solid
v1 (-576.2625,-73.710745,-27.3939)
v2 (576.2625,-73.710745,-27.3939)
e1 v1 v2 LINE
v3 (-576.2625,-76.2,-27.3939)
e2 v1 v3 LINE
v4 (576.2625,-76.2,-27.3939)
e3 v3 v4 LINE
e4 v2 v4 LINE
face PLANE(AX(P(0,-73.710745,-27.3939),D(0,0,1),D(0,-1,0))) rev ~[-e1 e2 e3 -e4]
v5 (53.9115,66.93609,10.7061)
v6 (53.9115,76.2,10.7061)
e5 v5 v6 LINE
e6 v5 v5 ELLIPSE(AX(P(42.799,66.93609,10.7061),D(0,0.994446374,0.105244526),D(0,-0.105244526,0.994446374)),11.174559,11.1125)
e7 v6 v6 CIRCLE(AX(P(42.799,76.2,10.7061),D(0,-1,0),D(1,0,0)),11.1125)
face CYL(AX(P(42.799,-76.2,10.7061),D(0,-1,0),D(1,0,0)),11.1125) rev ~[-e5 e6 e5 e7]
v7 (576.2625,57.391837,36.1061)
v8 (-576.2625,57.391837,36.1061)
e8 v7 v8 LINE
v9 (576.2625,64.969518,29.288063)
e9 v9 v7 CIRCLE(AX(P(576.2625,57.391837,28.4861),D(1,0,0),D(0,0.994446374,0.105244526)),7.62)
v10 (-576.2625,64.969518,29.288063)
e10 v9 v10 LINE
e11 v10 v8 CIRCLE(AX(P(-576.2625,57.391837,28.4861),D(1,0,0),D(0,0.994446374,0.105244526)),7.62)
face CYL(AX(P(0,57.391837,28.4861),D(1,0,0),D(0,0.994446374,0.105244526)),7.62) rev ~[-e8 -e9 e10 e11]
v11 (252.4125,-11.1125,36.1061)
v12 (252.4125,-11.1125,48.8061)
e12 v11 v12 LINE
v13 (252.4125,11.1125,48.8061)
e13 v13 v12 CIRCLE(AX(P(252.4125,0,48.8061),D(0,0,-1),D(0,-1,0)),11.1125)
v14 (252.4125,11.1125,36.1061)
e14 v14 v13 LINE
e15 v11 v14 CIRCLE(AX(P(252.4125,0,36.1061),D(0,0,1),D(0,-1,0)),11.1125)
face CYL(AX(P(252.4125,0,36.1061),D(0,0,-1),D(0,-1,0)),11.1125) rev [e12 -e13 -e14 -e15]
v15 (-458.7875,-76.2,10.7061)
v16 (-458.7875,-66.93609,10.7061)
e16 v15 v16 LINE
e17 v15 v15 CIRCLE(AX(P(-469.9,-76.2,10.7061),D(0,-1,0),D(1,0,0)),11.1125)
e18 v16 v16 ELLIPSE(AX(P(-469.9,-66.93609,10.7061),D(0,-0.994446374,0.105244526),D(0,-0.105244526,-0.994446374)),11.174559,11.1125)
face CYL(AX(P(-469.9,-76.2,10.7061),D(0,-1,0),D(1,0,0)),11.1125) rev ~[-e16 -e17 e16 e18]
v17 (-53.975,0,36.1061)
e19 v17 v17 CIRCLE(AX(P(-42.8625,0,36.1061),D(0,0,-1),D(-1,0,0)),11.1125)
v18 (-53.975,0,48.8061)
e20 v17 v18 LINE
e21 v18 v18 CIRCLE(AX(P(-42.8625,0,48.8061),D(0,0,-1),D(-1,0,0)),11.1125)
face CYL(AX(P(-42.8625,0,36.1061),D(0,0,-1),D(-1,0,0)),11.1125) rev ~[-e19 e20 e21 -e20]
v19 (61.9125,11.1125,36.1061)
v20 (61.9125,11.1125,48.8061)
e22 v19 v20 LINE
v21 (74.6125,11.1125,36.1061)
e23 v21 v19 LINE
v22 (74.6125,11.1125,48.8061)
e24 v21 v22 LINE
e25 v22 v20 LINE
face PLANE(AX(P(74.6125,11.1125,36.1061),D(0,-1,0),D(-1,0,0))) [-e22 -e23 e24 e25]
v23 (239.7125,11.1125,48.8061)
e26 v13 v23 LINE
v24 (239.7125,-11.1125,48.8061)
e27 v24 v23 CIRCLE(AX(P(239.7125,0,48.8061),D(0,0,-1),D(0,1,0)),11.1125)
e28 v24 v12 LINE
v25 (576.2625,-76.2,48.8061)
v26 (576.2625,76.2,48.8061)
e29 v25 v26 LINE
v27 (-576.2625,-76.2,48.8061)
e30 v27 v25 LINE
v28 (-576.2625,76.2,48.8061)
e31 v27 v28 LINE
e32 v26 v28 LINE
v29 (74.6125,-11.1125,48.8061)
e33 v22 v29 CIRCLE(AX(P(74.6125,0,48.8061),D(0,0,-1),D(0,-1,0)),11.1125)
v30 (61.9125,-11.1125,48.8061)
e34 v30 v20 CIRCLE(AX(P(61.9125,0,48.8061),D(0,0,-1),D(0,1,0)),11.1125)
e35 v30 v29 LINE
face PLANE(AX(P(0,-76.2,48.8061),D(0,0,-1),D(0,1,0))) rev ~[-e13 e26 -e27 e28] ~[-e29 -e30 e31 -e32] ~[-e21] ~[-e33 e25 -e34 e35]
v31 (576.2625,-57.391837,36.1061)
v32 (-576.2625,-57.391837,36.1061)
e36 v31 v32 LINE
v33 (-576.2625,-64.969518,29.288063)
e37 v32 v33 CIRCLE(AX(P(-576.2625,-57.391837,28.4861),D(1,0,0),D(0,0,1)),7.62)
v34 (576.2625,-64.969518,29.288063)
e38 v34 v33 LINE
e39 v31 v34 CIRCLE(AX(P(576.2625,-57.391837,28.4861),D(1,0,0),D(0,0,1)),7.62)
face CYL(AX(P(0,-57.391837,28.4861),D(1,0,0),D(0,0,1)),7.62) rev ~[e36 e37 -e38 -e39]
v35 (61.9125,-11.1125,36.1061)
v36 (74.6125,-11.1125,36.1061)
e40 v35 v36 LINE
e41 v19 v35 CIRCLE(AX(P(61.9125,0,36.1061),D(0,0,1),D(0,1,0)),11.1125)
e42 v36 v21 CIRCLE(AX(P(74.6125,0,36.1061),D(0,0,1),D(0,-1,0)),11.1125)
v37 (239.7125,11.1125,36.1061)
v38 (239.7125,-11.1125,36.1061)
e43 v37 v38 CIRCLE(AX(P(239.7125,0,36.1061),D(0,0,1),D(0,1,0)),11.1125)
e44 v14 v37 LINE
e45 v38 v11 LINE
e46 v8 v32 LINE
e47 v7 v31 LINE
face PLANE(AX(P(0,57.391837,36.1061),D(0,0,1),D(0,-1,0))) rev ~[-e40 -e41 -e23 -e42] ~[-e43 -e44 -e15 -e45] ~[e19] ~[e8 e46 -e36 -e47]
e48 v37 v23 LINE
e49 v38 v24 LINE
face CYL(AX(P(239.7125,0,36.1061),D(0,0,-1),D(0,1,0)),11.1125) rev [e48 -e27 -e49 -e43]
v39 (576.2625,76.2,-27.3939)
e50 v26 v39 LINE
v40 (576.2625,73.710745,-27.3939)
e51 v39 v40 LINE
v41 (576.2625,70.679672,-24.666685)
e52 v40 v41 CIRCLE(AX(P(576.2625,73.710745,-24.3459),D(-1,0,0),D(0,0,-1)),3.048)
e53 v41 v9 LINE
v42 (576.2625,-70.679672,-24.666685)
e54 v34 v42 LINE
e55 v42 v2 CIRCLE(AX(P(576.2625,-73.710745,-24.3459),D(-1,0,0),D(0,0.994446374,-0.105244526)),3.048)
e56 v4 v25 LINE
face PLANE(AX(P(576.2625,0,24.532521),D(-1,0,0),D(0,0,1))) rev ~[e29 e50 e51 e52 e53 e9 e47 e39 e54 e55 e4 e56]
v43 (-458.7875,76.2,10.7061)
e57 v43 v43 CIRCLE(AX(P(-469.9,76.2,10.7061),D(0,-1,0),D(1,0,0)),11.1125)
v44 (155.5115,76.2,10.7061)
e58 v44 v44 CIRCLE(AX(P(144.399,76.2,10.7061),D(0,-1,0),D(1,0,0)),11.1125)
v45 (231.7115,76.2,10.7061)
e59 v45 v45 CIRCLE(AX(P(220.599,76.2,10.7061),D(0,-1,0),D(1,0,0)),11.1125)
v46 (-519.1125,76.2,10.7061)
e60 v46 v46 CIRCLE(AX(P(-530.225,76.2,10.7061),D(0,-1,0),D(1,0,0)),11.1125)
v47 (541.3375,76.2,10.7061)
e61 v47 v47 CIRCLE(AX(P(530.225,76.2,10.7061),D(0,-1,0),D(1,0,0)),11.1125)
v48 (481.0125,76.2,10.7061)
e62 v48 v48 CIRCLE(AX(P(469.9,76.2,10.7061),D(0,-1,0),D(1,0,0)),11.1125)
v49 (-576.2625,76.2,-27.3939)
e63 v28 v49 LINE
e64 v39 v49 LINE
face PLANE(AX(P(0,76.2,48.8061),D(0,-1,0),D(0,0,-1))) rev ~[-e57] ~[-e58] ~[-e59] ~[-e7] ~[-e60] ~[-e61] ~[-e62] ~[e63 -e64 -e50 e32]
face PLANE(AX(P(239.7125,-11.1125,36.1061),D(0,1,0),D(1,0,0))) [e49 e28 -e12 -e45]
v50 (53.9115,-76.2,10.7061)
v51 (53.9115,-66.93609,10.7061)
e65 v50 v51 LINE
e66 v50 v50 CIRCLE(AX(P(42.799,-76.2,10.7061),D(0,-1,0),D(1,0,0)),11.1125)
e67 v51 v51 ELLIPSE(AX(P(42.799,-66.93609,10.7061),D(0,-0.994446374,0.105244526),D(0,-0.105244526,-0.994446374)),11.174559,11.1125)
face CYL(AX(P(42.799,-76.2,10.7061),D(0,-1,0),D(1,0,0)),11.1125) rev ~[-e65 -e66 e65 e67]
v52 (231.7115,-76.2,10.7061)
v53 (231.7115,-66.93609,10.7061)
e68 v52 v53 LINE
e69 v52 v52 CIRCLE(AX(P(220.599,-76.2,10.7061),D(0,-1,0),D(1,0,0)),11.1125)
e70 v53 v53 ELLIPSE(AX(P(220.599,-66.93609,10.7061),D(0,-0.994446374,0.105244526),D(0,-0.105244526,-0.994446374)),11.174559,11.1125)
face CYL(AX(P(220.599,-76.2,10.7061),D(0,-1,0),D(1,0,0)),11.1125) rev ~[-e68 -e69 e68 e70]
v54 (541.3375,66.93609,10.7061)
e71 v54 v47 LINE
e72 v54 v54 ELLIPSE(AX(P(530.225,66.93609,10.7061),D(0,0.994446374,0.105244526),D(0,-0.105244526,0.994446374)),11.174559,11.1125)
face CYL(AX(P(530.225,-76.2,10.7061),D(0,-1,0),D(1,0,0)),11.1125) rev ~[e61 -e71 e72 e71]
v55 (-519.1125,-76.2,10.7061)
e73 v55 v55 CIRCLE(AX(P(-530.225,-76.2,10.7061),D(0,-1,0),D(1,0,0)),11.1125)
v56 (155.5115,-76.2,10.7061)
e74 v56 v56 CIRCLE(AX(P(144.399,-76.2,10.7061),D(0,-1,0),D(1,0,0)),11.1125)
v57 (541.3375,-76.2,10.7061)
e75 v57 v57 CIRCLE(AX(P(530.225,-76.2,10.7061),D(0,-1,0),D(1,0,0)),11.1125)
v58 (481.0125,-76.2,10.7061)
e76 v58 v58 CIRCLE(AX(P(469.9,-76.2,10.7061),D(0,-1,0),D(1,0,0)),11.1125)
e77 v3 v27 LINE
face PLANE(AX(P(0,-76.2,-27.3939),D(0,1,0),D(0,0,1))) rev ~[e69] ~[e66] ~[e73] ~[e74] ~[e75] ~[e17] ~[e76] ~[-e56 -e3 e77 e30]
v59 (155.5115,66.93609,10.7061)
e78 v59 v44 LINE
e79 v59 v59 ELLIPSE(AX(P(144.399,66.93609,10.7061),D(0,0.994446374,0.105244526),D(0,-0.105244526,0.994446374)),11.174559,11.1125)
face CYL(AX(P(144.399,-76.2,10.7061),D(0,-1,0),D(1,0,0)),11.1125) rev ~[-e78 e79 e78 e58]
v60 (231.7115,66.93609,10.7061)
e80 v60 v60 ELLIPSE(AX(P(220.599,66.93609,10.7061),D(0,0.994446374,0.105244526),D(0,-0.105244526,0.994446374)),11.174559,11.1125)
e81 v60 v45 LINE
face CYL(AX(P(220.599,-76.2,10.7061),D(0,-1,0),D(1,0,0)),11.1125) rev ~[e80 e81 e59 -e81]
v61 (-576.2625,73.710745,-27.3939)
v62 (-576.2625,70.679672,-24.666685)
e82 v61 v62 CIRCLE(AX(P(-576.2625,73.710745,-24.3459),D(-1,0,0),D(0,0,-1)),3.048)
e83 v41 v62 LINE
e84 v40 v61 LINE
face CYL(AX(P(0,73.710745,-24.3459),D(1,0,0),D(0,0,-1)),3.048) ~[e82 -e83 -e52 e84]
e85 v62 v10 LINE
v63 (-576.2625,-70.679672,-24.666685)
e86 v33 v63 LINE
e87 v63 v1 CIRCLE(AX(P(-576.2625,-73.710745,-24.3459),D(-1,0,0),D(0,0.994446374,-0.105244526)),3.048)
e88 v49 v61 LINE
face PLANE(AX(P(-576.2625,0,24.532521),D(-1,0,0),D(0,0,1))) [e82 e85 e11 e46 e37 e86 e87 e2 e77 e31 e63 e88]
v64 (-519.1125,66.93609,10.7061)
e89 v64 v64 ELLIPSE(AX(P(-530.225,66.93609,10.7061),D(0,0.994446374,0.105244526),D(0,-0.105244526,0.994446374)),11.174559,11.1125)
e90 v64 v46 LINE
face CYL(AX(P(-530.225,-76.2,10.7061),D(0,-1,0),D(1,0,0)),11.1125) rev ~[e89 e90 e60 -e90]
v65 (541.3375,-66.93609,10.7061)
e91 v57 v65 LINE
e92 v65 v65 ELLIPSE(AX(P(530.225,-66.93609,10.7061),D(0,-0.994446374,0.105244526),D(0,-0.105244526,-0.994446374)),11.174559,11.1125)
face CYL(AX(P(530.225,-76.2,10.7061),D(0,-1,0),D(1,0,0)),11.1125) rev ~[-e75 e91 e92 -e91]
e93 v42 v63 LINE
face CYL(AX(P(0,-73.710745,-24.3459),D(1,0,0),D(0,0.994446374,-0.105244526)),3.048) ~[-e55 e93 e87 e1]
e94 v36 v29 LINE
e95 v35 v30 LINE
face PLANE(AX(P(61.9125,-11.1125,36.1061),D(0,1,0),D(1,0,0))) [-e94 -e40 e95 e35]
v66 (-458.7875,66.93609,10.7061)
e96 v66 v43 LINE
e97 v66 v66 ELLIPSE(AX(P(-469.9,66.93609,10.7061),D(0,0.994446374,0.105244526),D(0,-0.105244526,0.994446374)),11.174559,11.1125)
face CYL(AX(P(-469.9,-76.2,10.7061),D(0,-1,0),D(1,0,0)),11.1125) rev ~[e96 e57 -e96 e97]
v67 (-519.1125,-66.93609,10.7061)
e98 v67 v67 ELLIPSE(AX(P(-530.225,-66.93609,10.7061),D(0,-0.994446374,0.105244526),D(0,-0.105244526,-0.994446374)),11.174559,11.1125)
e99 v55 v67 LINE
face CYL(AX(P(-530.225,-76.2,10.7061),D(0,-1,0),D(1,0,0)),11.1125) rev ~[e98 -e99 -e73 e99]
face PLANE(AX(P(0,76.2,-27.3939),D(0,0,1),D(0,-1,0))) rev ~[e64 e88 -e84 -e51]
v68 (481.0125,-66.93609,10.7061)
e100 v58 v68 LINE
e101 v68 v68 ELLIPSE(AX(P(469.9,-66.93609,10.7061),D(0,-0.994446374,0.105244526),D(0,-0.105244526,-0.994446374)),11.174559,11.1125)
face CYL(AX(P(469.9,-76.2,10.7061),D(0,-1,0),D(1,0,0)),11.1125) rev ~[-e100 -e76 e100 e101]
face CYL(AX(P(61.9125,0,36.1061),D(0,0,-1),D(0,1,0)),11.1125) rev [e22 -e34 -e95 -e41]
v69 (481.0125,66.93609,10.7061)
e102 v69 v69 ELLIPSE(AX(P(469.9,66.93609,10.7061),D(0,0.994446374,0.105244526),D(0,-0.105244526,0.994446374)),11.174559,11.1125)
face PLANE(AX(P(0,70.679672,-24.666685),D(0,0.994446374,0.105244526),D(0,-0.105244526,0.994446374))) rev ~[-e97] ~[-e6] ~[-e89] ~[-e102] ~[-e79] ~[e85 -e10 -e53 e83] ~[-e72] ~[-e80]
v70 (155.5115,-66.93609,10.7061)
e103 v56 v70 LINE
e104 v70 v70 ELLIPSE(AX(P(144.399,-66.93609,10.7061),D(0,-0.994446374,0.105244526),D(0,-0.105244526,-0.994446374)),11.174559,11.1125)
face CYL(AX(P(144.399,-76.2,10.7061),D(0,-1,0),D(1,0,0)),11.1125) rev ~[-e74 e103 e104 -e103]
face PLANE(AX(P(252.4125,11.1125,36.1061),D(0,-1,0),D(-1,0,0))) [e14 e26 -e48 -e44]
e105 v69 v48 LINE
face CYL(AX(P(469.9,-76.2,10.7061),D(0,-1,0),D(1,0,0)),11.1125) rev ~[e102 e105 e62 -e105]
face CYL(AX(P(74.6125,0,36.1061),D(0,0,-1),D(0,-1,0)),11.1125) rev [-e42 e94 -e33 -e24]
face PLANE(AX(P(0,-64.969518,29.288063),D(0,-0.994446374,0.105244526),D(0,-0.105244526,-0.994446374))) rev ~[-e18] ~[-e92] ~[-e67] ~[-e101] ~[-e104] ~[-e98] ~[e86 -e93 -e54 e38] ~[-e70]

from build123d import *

# Parameters (mm, degrees)
BOSS_EXTRUDE1_DEPTH = 576.2625
SKETCH5_R           = 11.1125
CUT_EXTRUDE3_DEPTH  = 152.4
SKETCH6_R           = 11.1125
CUT_EXTRUDE4_DEPTH  = 13.7


with BuildPart() as part:
    # Sketch1 → Boss-Extrude1 (new body, symmetric)
    with BuildSketch(Plane(origin=(0, 0, 0), x_dir=(0, 0, -1), z_dir=(1, 0, 0))):
        with BuildLine():
            Line((-48.8061, -76.2), (-48.8061, 76.2))
            Line((-48.8061, 76.2), (27.3939, 76.2))
            Line((27.3939, 76.2), (27.3939, 73.710744653))
            ThreePointArc((27.3939, 73.710744653), (26.61173954, 71.672050174), (24.666685315, 70.679672107))
            Line((24.666685315, 70.679672107), (-29.288063286, 64.969518115))
            ThreePointArc((-29.288063286, 64.969518115), (-34.150698849, 62.488572947), (-36.1061, 57.391836749))
            Line((-36.1061, 57.391836749), (-36.1061, -57.391836749))
            ThreePointArc((-36.1061, -57.391836749), (-34.150698849, -62.488572947), (-29.288063286, -64.969518115))
            Line((-29.288063286, -64.969518115), (24.666685315, -70.679672107))
            ThreePointArc((24.666685315, -70.679672107), (26.61173954, -71.672050174), (27.3939, -73.710744653))
            Line((27.3939, -73.710744653), (27.3939, -76.2))
            Line((27.3939, -76.2), (-48.8061, -76.2))
        make_face()
    extrude(amount=BOSS_EXTRUDE1_DEPTH, both=True)

    # Sketch5 → Cut-Extrude3 (cut)
    with BuildSketch(Plane.XZ.offset(76.2)):
        with Locations((530.225, 10.7061)):
            Circle(SKETCH5_R)
        with Locations((469.9, 10.7061)):
            Circle(SKETCH5_R)
        with Locations((220.599, 10.7061)):
            Circle(SKETCH5_R)
        with Locations((42.799, 10.7061)):
            Circle(SKETCH5_R)
        with Locations((144.399, 10.7061)):
            Circle(SKETCH5_R)
        with Locations((-530.225, 10.7061)):
            Circle(SKETCH5_R)
        with Locations((-469.9, 10.7061)):
            Circle(SKETCH5_R)
    extrude(amount=-CUT_EXTRUDE3_DEPTH, mode=Mode.SUBTRACT)

    # Sketch6 → Cut-Extrude4 (cut, through all)
    with BuildSketch(Plane(origin=(0, 0, 36.1061), x_dir=(-1, 0, 0), z_dir=(0, 0, -1))):
        with Locations((42.8625, 0)):
            Circle(SKETCH6_R)
        with BuildLine():
            Line((-61.9125, -11.1125), (-74.6125, -11.1125))
            ThreePointArc((-74.6125, -11.1125), (-85.725, 0), (-74.6125, 11.1125))
            Line((-74.6125, 11.1125), (-61.9125, 11.1125))
            ThreePointArc((-61.9125, 11.1125), (-50.8, 0), (-61.9125, -11.1125))
        make_face()
        with BuildLine():
            Line((-239.7125, -11.1125), (-252.4125, -11.1125))
            ThreePointArc((-252.4125, -11.1125), (-263.525, 0), (-252.4125, 11.1125))
            Line((-252.4125, 11.1125), (-239.7125, 11.1125))
            ThreePointArc((-239.7125, 11.1125), (-228.6, 0), (-239.7125, -11.1125))
        make_face()
    extrude(amount=-CUT_EXTRUDE4_DEPTH, mode=Mode.SUBTRACT)


solid = part.part
